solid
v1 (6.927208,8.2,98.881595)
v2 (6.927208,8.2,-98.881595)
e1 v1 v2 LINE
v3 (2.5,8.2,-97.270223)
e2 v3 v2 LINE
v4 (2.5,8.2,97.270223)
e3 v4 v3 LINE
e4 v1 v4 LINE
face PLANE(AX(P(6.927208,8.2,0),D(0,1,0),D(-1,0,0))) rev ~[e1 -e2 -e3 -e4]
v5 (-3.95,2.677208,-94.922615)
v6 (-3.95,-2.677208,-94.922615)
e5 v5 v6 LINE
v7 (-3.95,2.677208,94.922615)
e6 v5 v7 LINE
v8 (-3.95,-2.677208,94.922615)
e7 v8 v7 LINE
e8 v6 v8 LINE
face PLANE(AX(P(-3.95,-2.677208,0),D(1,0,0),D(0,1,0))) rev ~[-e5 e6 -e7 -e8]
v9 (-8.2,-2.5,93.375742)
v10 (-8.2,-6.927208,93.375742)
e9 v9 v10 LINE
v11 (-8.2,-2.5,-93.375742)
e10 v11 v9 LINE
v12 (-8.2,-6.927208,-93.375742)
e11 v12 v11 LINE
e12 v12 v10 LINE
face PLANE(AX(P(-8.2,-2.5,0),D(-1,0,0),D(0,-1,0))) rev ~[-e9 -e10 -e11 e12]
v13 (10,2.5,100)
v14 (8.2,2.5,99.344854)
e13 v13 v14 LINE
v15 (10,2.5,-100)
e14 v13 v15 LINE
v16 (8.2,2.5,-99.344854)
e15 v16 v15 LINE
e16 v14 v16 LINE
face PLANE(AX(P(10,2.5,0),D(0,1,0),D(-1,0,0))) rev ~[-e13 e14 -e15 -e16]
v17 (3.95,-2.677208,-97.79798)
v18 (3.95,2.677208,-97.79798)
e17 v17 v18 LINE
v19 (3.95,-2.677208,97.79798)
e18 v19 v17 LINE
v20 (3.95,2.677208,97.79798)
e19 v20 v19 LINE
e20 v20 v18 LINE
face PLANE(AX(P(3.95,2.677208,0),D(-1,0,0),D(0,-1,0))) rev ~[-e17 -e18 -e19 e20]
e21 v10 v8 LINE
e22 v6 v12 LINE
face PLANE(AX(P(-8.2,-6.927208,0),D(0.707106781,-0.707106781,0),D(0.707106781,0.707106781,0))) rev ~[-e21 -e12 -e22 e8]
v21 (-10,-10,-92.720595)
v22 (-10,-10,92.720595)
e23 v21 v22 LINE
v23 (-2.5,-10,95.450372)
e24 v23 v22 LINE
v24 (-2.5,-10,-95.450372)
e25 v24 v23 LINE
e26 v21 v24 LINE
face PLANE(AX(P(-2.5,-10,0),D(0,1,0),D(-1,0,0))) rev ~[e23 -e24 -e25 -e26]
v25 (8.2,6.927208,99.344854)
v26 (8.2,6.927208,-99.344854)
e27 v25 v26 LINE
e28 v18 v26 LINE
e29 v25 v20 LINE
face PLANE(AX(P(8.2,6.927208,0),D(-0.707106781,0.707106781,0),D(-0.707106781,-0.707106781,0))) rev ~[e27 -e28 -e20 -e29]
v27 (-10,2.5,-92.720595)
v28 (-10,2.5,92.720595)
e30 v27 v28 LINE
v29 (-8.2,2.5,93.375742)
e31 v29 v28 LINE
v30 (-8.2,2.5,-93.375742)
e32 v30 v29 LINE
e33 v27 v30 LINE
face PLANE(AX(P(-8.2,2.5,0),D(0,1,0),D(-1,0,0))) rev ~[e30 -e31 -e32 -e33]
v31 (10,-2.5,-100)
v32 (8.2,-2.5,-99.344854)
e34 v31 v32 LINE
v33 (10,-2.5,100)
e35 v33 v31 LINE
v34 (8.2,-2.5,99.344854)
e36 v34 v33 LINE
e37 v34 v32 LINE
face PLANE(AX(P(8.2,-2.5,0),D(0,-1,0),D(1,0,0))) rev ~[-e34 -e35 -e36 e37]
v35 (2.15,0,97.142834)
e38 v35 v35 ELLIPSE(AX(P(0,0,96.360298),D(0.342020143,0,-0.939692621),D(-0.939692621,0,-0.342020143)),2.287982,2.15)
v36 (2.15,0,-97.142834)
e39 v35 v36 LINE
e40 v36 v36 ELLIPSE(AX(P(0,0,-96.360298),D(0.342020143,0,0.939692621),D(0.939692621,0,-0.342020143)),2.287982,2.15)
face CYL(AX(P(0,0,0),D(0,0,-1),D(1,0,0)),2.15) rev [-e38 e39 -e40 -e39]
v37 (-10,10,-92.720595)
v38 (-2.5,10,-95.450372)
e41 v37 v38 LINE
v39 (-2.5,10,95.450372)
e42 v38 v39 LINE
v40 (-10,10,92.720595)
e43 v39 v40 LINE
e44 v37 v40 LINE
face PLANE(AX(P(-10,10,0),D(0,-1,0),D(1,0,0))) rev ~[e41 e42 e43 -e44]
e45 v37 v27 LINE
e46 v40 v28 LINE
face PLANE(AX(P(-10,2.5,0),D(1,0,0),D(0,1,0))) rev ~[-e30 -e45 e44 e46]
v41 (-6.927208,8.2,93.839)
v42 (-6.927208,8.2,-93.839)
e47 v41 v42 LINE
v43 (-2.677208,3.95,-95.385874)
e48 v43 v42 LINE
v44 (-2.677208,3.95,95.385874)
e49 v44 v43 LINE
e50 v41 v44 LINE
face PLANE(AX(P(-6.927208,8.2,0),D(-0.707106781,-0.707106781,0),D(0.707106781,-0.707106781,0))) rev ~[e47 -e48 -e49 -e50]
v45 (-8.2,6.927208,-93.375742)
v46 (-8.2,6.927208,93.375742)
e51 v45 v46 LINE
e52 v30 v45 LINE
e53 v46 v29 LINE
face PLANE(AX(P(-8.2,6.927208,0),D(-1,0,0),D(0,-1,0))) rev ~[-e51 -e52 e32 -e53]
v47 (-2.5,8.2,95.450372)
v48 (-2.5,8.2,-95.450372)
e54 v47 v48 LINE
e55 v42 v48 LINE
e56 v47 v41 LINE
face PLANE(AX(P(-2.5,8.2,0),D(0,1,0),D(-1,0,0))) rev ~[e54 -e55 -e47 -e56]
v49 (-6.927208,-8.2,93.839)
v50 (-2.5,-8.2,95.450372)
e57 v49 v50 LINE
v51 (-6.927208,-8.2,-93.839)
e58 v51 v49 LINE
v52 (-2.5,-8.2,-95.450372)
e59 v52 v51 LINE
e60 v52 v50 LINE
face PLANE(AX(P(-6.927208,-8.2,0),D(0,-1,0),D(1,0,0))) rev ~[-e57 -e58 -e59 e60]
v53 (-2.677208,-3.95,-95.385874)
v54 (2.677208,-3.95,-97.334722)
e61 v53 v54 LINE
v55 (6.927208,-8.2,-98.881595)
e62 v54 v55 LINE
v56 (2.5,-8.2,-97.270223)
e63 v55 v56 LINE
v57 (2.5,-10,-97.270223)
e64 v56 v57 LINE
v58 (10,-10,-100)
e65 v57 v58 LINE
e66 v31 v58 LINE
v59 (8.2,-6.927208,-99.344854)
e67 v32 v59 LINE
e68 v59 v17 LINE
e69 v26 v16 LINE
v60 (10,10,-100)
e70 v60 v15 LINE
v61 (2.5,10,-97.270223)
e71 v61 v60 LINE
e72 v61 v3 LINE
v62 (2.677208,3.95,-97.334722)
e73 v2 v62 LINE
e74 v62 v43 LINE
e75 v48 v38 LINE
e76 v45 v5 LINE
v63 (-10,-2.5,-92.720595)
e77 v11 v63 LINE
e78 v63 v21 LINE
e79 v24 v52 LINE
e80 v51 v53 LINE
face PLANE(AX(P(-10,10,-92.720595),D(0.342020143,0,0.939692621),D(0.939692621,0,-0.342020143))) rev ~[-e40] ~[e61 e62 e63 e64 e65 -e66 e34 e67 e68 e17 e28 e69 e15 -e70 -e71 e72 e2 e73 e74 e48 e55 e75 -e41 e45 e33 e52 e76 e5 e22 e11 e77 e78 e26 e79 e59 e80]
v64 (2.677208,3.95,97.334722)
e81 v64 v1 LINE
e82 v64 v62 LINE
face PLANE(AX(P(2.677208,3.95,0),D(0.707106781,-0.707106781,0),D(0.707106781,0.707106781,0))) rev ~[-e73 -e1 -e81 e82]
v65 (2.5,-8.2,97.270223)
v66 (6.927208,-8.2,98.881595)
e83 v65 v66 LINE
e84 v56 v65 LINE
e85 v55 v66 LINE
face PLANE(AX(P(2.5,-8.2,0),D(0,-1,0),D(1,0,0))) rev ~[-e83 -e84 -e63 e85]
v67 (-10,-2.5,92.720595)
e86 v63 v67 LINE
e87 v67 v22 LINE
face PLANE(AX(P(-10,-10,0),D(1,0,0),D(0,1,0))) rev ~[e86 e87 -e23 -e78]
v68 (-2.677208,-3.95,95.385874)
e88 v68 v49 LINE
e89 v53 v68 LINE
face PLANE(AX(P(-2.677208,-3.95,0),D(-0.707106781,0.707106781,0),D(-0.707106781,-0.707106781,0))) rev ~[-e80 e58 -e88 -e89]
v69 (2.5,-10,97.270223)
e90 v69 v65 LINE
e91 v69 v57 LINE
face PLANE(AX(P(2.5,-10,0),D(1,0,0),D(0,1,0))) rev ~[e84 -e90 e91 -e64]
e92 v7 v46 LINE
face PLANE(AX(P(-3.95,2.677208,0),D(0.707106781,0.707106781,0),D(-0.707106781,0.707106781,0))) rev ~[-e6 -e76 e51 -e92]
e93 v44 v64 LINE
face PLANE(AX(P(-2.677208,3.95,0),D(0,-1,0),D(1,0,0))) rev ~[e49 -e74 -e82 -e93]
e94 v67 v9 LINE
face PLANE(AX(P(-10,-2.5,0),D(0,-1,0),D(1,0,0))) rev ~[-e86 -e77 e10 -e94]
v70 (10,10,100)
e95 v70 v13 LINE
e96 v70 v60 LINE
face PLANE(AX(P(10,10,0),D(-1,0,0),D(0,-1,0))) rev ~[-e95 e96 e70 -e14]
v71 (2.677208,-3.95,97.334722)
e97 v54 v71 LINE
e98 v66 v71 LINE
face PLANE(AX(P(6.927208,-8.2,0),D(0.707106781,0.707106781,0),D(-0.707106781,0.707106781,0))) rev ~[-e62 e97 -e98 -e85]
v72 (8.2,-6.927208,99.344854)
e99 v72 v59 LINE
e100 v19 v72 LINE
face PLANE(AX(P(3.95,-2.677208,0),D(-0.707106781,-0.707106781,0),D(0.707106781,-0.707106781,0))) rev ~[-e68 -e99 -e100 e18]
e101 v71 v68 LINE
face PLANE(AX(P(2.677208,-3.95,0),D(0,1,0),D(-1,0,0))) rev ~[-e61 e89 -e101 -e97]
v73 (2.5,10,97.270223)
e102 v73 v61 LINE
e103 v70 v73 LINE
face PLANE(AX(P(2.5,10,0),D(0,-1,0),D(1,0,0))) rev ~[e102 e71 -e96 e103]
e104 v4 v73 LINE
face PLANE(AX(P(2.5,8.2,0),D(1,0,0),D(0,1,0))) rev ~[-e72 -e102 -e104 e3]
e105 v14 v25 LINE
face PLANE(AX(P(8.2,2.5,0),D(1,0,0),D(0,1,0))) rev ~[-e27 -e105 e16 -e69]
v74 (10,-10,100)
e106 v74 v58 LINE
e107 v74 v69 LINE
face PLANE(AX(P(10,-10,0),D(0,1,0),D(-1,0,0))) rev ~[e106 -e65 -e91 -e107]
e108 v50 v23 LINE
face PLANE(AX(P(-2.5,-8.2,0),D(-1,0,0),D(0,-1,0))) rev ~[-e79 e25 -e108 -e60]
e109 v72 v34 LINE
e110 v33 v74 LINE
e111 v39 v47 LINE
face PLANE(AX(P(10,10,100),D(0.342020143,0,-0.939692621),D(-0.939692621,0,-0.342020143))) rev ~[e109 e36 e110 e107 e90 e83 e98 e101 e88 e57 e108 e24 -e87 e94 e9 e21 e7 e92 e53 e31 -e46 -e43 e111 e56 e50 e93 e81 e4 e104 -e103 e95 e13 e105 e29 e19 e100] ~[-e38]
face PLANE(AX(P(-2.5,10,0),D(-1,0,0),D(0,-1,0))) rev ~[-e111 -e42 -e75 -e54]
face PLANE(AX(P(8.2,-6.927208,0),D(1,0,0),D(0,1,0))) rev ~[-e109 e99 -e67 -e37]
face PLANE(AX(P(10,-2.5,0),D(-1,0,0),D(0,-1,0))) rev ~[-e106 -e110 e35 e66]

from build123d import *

# Parameters (mm, degrees)
SKETCH2_R           = 2.15
BOSS_EXTRUDE1_DEPTH = 100
CUT_EXTRUDE1_DEPTH  = 21
CUT_EXTRUDE2_DEPTH  = 21


with BuildPart() as part:
    # Sketch2 → Boss-Extrude1 (new body, symmetric)
    with BuildSketch(Plane.XY):
        Polygon((-2.5, 10), (-2.5, 8.2), (-6.927207794, 8.2), (-2.677207794, 3.95), (2.677207794, 3.95), (6.927207794, 8.2), (2.5, 8.2), (2.5, 10), (10, 10), (10, 2.5), (8.2, 2.5), (8.2, 6.927207794), (3.95, 2.677207794), (3.95, -2.677207794), (8.2, -6.927207794), (8.2, -2.5), (10, -2.5), (10, -10), (2.5, -10), (2.5, -8.2), (6.927207794, -8.2), (2.677207794, -3.95), (-2.677207794, -3.95), (-6.927207794, -8.2), (-2.5, -8.2), (-2.5, -10), (-10, -10), (-10, -2.5), (-8.2, -2.5), (-8.2, -6.927207794), (-3.95, -2.677207794), (-3.95, 2.677207794), (-8.2, 6.927207794), (-8.2, 2.5), (-10, 2.5), (-10, 10), align=None)
        Circle(SKETCH2_R, mode=Mode.SUBTRACT)
    extrude(amount=BOSS_EXTRUDE1_DEPTH, both=True)

    # Sketch3 → Cut-Extrude1 (cut, through all)
    with BuildSketch(Plane(origin=(0, 10, 0), x_dir=(1, 0, 0), z_dir=(0, 1, 0))):
        Polygon((-10, -100), (10, -100), (-10, -92.720595315), align=None)
    extrude(amount=-CUT_EXTRUDE1_DEPTH, mode=Mode.SUBTRACT)

    # Sketch4 → Cut-Extrude2 (cut, through all)
    with BuildSketch(Plane(origin=(0, 10, 0), x_dir=(1, 0, 0), z_dir=(0, 1, 0))):
        Polygon((10, 100), (-10, 100), (-10, 92.720595315), align=None)
    extrude(amount=-CUT_EXTRUDE2_DEPTH, mode=Mode.SUBTRACT)


solid = part.part
